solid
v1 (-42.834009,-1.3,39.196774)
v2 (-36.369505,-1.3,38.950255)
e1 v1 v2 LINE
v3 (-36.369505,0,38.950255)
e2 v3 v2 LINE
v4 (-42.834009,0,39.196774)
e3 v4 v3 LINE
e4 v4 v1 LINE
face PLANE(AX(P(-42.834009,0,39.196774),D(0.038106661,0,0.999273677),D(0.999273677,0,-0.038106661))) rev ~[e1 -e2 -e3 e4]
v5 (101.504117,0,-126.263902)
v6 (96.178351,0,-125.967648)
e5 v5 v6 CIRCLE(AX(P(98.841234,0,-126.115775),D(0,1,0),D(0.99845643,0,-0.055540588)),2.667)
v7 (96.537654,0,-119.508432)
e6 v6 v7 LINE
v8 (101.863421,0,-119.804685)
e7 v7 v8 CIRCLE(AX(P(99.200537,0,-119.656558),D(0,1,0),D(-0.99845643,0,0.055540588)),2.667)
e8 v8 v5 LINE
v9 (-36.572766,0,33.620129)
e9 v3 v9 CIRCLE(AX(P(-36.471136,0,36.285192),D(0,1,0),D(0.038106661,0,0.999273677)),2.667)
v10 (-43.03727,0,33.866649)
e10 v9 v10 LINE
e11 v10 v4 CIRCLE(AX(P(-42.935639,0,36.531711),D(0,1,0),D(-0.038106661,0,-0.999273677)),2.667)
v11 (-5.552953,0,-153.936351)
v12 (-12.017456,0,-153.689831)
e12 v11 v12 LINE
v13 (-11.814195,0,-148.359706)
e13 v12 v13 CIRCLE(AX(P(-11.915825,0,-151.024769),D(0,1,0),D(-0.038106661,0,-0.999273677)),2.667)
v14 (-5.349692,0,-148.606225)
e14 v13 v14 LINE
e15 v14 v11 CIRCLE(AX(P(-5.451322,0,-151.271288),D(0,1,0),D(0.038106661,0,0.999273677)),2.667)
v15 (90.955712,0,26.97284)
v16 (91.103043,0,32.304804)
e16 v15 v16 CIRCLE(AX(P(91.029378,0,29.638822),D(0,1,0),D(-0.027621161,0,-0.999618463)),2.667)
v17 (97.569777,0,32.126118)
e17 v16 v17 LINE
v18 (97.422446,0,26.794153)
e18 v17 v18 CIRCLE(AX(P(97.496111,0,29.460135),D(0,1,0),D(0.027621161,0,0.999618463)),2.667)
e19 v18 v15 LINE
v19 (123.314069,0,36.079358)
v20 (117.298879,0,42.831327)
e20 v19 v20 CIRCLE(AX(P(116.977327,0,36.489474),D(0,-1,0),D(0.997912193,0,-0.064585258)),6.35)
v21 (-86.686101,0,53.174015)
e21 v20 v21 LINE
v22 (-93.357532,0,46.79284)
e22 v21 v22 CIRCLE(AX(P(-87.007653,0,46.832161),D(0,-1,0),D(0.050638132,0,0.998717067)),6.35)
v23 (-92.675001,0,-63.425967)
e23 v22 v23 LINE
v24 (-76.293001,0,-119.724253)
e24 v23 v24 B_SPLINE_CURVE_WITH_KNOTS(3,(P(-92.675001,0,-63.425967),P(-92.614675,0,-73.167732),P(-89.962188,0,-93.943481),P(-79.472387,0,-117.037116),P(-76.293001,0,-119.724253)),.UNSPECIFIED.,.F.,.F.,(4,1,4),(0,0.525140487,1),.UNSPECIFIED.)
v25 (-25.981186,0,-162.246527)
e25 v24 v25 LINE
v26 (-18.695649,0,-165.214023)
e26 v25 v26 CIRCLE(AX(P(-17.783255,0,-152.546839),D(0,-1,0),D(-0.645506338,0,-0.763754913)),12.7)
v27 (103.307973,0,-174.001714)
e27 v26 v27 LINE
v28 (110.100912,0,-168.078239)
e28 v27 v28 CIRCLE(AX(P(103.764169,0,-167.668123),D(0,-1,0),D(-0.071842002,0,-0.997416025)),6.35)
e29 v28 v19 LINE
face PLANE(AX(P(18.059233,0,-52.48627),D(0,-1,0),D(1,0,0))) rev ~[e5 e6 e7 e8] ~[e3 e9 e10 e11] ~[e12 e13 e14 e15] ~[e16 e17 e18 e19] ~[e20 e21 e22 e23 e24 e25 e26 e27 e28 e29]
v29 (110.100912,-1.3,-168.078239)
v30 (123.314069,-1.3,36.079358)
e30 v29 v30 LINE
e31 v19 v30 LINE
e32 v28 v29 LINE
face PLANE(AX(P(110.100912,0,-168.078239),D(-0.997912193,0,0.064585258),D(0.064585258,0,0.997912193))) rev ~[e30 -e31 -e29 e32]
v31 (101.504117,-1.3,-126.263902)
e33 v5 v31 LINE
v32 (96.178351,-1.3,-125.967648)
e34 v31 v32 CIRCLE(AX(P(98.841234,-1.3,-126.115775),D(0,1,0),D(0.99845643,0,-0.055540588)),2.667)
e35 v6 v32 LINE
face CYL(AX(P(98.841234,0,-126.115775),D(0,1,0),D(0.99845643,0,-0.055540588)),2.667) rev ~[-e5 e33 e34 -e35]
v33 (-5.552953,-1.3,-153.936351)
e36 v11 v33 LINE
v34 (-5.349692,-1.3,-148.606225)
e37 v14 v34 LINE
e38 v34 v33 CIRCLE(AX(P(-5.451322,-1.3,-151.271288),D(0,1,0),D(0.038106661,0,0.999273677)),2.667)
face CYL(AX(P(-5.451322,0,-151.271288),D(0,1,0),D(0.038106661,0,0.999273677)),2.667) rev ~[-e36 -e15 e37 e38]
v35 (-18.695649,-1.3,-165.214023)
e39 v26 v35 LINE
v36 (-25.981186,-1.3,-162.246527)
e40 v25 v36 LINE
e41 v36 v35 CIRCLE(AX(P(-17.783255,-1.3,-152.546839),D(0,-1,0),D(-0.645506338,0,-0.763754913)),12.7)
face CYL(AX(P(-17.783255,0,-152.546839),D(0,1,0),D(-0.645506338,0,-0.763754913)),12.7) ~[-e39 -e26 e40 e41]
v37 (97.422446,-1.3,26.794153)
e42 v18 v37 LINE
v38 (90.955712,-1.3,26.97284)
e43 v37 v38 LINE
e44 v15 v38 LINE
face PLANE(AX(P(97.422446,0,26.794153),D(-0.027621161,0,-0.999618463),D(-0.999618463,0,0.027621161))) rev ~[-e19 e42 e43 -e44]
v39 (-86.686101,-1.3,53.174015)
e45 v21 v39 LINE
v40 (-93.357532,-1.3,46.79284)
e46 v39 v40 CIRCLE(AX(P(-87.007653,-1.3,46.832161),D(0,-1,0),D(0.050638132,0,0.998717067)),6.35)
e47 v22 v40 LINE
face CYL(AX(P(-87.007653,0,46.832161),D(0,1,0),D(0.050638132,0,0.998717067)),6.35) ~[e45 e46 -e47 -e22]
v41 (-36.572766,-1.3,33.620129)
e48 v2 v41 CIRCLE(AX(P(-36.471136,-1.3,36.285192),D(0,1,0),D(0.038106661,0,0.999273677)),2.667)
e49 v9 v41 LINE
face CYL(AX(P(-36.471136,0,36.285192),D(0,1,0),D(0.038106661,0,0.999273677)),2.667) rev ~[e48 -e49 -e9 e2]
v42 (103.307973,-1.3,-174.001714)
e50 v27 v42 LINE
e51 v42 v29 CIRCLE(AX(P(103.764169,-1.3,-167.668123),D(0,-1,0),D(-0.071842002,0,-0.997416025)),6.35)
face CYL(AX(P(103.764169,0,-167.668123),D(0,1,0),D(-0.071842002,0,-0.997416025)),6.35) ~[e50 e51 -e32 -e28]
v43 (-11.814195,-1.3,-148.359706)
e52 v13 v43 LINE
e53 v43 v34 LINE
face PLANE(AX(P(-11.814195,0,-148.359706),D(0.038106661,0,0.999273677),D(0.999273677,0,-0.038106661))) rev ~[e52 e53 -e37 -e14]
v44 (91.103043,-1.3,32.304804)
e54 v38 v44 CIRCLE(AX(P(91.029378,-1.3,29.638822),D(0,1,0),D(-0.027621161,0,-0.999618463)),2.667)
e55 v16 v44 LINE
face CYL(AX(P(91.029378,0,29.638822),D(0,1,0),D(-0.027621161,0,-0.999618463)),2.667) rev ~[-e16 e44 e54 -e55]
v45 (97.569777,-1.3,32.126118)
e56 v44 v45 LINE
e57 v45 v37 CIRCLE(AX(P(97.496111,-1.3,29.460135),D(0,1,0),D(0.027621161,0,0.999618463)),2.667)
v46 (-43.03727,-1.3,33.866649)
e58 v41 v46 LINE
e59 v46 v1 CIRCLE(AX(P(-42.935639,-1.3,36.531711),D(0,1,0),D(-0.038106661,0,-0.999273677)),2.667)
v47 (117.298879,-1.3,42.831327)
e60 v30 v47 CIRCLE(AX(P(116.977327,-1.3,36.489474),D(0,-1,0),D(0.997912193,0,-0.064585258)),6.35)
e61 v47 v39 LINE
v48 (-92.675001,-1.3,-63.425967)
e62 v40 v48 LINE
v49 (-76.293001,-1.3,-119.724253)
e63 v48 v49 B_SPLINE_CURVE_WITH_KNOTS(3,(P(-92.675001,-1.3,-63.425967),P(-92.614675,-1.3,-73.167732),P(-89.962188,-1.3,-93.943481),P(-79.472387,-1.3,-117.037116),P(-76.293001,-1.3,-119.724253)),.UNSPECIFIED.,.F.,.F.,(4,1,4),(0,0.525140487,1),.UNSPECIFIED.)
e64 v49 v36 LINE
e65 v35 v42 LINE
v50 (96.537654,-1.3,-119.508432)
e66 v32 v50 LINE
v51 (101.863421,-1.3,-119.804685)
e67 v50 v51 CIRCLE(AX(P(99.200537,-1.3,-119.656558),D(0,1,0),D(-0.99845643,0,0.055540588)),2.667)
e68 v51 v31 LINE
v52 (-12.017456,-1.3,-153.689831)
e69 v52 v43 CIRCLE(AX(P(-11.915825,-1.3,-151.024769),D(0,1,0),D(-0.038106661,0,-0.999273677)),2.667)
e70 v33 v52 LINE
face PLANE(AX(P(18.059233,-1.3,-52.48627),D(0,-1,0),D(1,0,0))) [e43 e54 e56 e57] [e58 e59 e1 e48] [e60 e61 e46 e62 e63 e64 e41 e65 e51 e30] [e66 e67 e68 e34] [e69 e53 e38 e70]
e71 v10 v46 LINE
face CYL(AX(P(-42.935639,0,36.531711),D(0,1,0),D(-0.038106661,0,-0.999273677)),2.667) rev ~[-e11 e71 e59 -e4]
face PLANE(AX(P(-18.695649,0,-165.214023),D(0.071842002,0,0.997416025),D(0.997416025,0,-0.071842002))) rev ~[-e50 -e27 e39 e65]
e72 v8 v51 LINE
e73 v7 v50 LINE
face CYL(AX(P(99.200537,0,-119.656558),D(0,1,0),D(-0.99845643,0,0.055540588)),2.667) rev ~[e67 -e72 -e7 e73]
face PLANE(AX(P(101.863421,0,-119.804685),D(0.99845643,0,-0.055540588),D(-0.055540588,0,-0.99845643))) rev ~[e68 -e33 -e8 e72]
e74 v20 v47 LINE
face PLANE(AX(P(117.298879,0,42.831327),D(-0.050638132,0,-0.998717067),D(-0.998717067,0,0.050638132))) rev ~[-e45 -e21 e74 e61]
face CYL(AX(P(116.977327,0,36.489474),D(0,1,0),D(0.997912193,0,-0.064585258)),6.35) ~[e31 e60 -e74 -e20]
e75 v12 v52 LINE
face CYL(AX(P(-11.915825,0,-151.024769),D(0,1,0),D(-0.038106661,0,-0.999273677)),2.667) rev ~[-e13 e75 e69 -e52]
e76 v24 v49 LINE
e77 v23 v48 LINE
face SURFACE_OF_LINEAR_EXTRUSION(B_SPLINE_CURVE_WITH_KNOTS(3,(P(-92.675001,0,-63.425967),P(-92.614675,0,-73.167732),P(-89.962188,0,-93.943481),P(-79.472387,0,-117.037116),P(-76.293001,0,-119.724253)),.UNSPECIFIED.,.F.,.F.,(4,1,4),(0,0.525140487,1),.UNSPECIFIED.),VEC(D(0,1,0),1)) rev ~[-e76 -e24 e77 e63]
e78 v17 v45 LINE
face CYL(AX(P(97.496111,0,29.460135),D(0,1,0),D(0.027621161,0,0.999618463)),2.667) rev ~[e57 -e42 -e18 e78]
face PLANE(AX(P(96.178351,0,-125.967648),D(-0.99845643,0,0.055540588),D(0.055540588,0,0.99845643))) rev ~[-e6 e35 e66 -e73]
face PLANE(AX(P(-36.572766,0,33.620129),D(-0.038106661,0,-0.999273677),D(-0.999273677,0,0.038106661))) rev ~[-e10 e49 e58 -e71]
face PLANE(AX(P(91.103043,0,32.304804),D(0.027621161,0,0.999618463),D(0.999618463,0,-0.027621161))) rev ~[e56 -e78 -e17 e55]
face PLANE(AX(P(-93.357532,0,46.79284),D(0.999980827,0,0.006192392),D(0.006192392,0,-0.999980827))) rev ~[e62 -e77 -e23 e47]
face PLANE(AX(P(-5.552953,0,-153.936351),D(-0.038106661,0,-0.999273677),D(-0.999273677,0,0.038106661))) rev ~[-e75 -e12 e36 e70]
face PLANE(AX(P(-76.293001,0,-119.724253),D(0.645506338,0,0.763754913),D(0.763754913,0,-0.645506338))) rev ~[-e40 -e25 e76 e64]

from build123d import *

# Parameters (mm, degrees)
F1_DEPTH = 1.3


with BuildPart() as f1:
    # F0 (on Front) → F1 (new body)
    with BuildSketch(Plane.XZ):
        with BuildLine():
            ThreePointArc((103.3079727003, -174.0017143415), (107.9375486889, -172.4540817784), (110.1009118369, -168.0782389711))
            Line((110.1009118369, -168.0782389711), (123.3140694013, 36.0793576773))
            ThreePointArc((123.3140694013, 36.0793576773), (121.7186870706, 40.7134537603), (117.2988791147, 42.8313274396))
            Line((117.2988791147, 42.8313274396), (-86.6861012737, 53.1740147545))
            ThreePointArc((-86.6861012737, 53.1740147545), (-91.3968478399, 51.4210035289), (-93.3575316623, 46.7928396902))
            Line((-93.3575316623, 46.7928396902), (-92.6750005064, -63.4259672216))
            add(Edge.make_bspline(
                [(-92.6750005064, -63.4259672216), (-92.6146745207, -73.1677322968), (-89.962188232, -93.9434810925), (-79.4723870211, -117.0371161404), (-76.2930011516, -119.7242526752)],
                knots=[0, 0, 0, 0, 0.5251404871, 1, 1, 1, 1], degree=3))
            Line((-76.2930011516, -119.7242526752), (-25.9811858827, -162.2465266281))
            ThreePointArc((-25.9811858827, -162.2465266281), (-22.5739765007, -164.3085989306), (-18.6956488116, -165.2140227485))
            Line((-18.6956488116, -165.2140227485), (103.3079727003, -174.0017143415))
        make_face()
        with BuildLine():
            ThreePointArc((-12.0174558833, -153.6898314953), (-14.5808883162, -150.9231381327), (-11.8141949536, -148.3597056999))
            Line((-11.8141949536, -148.3597056999), (-5.3496916575, -148.6062253883))
            ThreePointArc((-5.3496916575, -148.6062253883), (-2.7862592246, -151.3729187508), (-5.5529525872, -153.9363511837))
            Line((-5.5529525872, -153.9363511837), (-12.0174558833, -153.6898314953))
        make_face(mode=Mode.SUBTRACT)
        with BuildLine():
            ThreePointArc((101.5041172504, -126.2639015913), (98.693107204, -128.7786581439), (96.1783506514, -125.9676480975))
            Line((96.1783506514, -125.9676480975), (96.5376539326, -119.5084317383))
            ThreePointArc((96.5376539326, -119.5084317383), (99.348663979, -116.9936751857), (101.8634205316, -119.8046852321))
            Line((101.8634205316, -119.8046852321), (101.5041172504, -126.2639015913))
        make_face(mode=Mode.SUBTRACT)
        with BuildLine():
            ThreePointArc((-43.0372696765, 33.8666485342), (-45.6007021093, 36.6333418967), (-42.8340087468, 39.1967743295))
            Line((-42.8340087468, 39.1967743295), (-36.3695054507, 38.9502546412))
            ThreePointArc((-36.3695054507, 38.9502546412), (-33.8060730178, 36.1835612786), (-36.5727663804, 33.6201288458))
            Line((-36.5727663804, 33.6201288458), (-43.0372696765, 33.8666485342))
        make_face(mode=Mode.SUBTRACT)
        with BuildLine():
            ThreePointArc((90.9557119012, 26.9728396088), (88.3633950976, 29.7124876865), (91.1030431753, 32.3048044901))
            Line((91.1030431753, 32.3048044901), (97.5697769586, 32.1261176179))
            ThreePointArc((97.5697769586, 32.1261176179), (100.1620937622, 29.3864695402), (97.4224456845, 26.7941527365))
            Line((97.4224456845, 26.7941527365), (90.9557119012, 26.9728396088))
        make_face(mode=Mode.SUBTRACT)
    extrude(amount=F1_DEPTH)


solid = f1.part
